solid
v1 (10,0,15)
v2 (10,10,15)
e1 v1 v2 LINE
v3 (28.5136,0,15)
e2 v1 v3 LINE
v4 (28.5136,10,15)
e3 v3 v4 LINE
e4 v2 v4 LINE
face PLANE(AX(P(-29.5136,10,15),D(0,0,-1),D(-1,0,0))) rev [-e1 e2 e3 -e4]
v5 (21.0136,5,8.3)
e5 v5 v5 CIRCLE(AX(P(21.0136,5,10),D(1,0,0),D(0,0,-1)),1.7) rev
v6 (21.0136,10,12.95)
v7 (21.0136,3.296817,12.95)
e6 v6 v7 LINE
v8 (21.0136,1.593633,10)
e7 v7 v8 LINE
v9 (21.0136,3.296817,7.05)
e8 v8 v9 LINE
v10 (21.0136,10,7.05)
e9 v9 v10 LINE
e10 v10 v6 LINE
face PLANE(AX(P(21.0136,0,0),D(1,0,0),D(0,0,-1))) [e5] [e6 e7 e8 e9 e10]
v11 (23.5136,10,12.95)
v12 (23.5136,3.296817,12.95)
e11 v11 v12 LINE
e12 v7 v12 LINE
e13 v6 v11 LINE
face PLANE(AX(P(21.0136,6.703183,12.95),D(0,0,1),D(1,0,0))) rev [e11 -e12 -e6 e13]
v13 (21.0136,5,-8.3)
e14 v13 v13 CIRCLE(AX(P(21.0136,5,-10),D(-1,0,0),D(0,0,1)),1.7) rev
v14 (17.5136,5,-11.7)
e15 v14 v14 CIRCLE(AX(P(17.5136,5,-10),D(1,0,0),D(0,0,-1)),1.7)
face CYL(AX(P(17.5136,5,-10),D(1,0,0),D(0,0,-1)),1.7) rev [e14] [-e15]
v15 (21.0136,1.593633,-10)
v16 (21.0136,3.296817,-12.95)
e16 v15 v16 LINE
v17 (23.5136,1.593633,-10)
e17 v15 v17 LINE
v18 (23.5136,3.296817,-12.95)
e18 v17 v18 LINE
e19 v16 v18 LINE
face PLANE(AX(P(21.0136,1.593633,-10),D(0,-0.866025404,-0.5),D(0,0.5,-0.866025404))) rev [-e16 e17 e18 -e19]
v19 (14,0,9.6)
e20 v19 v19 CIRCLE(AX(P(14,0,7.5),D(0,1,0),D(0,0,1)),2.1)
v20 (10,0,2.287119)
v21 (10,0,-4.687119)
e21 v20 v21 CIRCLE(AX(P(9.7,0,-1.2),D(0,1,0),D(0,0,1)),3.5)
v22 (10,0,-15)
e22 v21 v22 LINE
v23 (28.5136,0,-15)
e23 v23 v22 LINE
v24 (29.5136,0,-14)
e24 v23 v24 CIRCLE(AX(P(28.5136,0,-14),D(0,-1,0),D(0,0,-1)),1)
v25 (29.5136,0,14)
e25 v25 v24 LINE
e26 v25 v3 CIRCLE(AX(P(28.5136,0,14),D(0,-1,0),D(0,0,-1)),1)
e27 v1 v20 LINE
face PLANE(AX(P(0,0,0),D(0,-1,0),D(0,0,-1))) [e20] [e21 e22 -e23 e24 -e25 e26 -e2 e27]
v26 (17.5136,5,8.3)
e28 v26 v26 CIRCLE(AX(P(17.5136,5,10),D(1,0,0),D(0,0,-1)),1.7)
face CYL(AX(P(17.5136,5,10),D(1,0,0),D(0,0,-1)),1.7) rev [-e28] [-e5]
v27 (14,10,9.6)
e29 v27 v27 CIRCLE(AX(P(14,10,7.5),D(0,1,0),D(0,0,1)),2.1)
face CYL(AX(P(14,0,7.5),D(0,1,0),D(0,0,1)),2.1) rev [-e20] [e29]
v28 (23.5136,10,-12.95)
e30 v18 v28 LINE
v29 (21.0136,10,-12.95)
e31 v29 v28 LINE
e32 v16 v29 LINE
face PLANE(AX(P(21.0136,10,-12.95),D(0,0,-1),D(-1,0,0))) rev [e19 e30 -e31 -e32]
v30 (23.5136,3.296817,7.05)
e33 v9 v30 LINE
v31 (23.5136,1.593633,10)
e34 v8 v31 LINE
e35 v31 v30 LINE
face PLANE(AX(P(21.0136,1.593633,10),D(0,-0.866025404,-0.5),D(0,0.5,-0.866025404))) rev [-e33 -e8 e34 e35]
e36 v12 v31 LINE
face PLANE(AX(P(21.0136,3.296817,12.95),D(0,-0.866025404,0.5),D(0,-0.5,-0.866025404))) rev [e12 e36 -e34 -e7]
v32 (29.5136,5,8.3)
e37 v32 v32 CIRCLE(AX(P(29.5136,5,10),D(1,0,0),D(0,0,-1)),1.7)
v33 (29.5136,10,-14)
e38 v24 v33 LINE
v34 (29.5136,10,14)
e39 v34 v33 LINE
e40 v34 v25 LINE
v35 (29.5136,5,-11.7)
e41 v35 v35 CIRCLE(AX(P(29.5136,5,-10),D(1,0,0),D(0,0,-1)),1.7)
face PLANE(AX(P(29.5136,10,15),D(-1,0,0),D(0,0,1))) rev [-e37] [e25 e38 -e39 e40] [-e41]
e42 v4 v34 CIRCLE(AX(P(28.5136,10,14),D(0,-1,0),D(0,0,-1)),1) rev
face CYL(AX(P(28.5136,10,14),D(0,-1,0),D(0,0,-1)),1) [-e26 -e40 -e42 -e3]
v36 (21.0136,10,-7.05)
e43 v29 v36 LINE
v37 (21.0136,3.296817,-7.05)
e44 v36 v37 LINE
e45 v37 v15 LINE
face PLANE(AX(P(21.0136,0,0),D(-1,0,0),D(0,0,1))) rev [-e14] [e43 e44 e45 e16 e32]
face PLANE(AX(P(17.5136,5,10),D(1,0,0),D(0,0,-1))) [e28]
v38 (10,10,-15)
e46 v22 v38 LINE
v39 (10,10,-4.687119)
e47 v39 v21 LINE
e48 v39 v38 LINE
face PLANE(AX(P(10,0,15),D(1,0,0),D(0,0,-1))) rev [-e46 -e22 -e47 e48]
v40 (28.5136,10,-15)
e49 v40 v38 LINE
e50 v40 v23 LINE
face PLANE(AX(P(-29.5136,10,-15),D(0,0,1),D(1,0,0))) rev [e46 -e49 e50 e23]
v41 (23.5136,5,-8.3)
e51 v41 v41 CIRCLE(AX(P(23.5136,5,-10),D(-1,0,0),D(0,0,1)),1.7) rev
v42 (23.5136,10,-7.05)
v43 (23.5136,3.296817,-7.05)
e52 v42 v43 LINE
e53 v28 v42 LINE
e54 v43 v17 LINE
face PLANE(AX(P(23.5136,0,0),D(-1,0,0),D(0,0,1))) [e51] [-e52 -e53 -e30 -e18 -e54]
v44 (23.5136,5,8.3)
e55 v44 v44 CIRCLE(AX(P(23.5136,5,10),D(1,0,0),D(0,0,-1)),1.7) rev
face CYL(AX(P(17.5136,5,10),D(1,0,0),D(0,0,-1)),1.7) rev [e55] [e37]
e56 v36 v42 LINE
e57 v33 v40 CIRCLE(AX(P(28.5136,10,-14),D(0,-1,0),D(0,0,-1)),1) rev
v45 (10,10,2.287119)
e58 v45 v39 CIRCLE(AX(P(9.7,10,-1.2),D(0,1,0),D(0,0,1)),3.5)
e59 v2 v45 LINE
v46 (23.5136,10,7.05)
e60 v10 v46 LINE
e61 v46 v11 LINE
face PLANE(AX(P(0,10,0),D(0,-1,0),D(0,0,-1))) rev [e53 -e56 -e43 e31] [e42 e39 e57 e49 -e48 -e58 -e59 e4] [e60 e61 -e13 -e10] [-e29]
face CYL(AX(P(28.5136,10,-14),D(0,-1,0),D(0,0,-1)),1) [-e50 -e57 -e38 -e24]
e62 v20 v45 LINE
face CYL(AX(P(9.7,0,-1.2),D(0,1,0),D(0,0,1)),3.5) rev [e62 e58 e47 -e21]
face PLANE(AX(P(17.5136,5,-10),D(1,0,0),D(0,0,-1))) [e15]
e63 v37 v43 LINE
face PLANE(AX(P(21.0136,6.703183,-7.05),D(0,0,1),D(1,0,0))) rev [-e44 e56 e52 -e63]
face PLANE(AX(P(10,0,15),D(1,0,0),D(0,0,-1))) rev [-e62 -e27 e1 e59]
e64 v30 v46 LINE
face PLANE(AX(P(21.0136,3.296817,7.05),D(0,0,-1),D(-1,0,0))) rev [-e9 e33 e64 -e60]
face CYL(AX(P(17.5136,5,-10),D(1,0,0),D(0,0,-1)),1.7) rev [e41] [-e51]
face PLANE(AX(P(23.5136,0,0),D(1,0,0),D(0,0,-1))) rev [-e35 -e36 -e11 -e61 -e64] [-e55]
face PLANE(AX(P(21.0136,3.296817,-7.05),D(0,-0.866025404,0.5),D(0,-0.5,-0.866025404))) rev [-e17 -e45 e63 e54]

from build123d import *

# Parameters (mm, degrees)
SKETCH1_W           = 59.0272
SKETCH1_H           = 30
BOSS_EXTRUDE1_DEPTH = 10
SKETCH2_R           = 2.1
CUT_EXTRUDE1_DEPTH  = 35.58399319
SKETCH3_R           = 1.7
CUT_EXTRUDE2_DEPTH  = 12
SKETCH4_R           = 1.65
CUT_EXTRUDE3_DEPTH  = 12
CUT_EXTRUDE4_DEPTH  = 2.5
CUT_EXTRUDE5_DEPTH  = 2.3
SKETCH7_R           = 3.5
CUT_EXTRUDE6_DEPTH  = 35.58399319
FILLET1_R           = 1
SKETCH8_W           = 39.5136
SKETCH8_H           = 30
CUT_EXTRUDE7_DEPTH  = 35.58399319


with BuildPart() as part:
    # Sketch1 → Boss-Extrude1 (new body)
    with BuildSketch(Plane(origin=(0, 0, 0), x_dir=(1, 0, 0), z_dir=(0, 1, 0))):
        Rectangle(SKETCH1_W, SKETCH1_H)
    extrude(amount=BOSS_EXTRUDE1_DEPTH)

    # Sketch2 → Cut-Extrude1 (cut, through all)
    with BuildSketch(Plane(origin=(0, 10, 0), x_dir=(1, 0, 0), z_dir=(0, 1, 0))):
        with Locations(Location((-6, -7.5, 0), (0, 0, 270))):
            Circle(SKETCH2_R)
        with Locations(Location((14, -7.5, 0), (0, 0, 270))):
            Circle(SKETCH2_R)
    extrude(amount=-CUT_EXTRUDE1_DEPTH, mode=Mode.SUBTRACT)

    # Sketch3 → Cut-Extrude2 (cut)
    with BuildSketch(Plane(origin=(29.5136, 0, 0), x_dir=(0, 0, -1), z_dir=(1, 0, 0))):
        with Locations((-10, 5)):
            Circle(SKETCH3_R)
        with Locations((10, 5)):
            Circle(SKETCH3_R)
    extrude(amount=-CUT_EXTRUDE2_DEPTH, mode=Mode.SUBTRACT)

    # Sketch4 → Cut-Extrude3 (cut)
    with BuildSketch(Plane.ZY.offset(29.5136)):
        with Locations((-10, 5)):
            Circle(SKETCH4_R)
        with Locations((10, 5)):
            Circle(SKETCH4_R)
    extrude(amount=-CUT_EXTRUDE3_DEPTH, mode=Mode.SUBTRACT)

    # Sketch5 → Cut-Extrude4 (cut)
    with BuildSketch(Plane(origin=(23.5136, 0, 0), x_dir=(0, 0, -1), z_dir=(1, 0, 0))):
        Polygon((-12.95, 6.703183294), (-12.95, 10), (-7.05, 10), (-7.05, 6.703183294), (-7.05, 3.296816706), (-10, 1.593633412), (-12.95, 3.296816706), align=None)
        Polygon((7.05, 6.703183294), (7.05, 3.296816706), (10, 1.593633412), (12.95, 3.296816706), (12.95, 6.703183294), (12.95, 10), (7.05, 10), align=None)
    extrude(amount=-CUT_EXTRUDE4_DEPTH, mode=Mode.SUBTRACT)

    # Sketch6 → Cut-Extrude5 (cut)
    with BuildSketch(Plane.ZY.offset(23.5136)):
        Polygon((-12.85, 6.645448267), (-12.85, 10), (-7.15, 10), (-7.15, 6.645448267), (-7.15, 3.354551733), (-10, 1.709103466), (-12.85, 3.354551733), align=None)
        Polygon((7.15, 6.645448267), (7.15, 3.354551733), (10, 1.709103466), (12.85, 3.354551733), (12.85, 6.645448267), (12.85, 10), (7.15, 10), align=None)
    extrude(amount=-CUT_EXTRUDE5_DEPTH, mode=Mode.SUBTRACT)

    # Sketch7 → Cut-Extrude6 (cut, through all)
    with BuildSketch(Plane(origin=(0, 10, 0), x_dir=(1, 0, 0), z_dir=(0, 1, 0))):
        with Locations(Location((9.7, 1.2, 0), (0, 0, 270))):
            Circle(SKETCH7_R)
        with Locations(Location((-15.7, 1.2, 0), (0, 0, 270))):
            Circle(SKETCH7_R)
    extrude(amount=-CUT_EXTRUDE6_DEPTH, mode=Mode.SUBTRACT)

    # Fillet1
    fillet1_edges = [part.edges().sort_by_distance(p)[0] for p in [
        (29.5136, 5, 15),
        (-29.5136, 5, 15),
        (-29.5136, 5, -15),
        (29.5136, 5, -15),
    ]]
    fillet(fillet1_edges, radius=FILLET1_R)

    # Sketch8 → Cut-Extrude7 (cut, through all)
    with BuildSketch(Plane(origin=(0, 10, 0), x_dir=(1, 0, 0), z_dir=(0, 1, 0))):
        with Locations((-9.7568, 0)):
            Rectangle(SKETCH8_W, SKETCH8_H)
    extrude(amount=-CUT_EXTRUDE7_DEPTH, mode=Mode.SUBTRACT)


solid = part.part
